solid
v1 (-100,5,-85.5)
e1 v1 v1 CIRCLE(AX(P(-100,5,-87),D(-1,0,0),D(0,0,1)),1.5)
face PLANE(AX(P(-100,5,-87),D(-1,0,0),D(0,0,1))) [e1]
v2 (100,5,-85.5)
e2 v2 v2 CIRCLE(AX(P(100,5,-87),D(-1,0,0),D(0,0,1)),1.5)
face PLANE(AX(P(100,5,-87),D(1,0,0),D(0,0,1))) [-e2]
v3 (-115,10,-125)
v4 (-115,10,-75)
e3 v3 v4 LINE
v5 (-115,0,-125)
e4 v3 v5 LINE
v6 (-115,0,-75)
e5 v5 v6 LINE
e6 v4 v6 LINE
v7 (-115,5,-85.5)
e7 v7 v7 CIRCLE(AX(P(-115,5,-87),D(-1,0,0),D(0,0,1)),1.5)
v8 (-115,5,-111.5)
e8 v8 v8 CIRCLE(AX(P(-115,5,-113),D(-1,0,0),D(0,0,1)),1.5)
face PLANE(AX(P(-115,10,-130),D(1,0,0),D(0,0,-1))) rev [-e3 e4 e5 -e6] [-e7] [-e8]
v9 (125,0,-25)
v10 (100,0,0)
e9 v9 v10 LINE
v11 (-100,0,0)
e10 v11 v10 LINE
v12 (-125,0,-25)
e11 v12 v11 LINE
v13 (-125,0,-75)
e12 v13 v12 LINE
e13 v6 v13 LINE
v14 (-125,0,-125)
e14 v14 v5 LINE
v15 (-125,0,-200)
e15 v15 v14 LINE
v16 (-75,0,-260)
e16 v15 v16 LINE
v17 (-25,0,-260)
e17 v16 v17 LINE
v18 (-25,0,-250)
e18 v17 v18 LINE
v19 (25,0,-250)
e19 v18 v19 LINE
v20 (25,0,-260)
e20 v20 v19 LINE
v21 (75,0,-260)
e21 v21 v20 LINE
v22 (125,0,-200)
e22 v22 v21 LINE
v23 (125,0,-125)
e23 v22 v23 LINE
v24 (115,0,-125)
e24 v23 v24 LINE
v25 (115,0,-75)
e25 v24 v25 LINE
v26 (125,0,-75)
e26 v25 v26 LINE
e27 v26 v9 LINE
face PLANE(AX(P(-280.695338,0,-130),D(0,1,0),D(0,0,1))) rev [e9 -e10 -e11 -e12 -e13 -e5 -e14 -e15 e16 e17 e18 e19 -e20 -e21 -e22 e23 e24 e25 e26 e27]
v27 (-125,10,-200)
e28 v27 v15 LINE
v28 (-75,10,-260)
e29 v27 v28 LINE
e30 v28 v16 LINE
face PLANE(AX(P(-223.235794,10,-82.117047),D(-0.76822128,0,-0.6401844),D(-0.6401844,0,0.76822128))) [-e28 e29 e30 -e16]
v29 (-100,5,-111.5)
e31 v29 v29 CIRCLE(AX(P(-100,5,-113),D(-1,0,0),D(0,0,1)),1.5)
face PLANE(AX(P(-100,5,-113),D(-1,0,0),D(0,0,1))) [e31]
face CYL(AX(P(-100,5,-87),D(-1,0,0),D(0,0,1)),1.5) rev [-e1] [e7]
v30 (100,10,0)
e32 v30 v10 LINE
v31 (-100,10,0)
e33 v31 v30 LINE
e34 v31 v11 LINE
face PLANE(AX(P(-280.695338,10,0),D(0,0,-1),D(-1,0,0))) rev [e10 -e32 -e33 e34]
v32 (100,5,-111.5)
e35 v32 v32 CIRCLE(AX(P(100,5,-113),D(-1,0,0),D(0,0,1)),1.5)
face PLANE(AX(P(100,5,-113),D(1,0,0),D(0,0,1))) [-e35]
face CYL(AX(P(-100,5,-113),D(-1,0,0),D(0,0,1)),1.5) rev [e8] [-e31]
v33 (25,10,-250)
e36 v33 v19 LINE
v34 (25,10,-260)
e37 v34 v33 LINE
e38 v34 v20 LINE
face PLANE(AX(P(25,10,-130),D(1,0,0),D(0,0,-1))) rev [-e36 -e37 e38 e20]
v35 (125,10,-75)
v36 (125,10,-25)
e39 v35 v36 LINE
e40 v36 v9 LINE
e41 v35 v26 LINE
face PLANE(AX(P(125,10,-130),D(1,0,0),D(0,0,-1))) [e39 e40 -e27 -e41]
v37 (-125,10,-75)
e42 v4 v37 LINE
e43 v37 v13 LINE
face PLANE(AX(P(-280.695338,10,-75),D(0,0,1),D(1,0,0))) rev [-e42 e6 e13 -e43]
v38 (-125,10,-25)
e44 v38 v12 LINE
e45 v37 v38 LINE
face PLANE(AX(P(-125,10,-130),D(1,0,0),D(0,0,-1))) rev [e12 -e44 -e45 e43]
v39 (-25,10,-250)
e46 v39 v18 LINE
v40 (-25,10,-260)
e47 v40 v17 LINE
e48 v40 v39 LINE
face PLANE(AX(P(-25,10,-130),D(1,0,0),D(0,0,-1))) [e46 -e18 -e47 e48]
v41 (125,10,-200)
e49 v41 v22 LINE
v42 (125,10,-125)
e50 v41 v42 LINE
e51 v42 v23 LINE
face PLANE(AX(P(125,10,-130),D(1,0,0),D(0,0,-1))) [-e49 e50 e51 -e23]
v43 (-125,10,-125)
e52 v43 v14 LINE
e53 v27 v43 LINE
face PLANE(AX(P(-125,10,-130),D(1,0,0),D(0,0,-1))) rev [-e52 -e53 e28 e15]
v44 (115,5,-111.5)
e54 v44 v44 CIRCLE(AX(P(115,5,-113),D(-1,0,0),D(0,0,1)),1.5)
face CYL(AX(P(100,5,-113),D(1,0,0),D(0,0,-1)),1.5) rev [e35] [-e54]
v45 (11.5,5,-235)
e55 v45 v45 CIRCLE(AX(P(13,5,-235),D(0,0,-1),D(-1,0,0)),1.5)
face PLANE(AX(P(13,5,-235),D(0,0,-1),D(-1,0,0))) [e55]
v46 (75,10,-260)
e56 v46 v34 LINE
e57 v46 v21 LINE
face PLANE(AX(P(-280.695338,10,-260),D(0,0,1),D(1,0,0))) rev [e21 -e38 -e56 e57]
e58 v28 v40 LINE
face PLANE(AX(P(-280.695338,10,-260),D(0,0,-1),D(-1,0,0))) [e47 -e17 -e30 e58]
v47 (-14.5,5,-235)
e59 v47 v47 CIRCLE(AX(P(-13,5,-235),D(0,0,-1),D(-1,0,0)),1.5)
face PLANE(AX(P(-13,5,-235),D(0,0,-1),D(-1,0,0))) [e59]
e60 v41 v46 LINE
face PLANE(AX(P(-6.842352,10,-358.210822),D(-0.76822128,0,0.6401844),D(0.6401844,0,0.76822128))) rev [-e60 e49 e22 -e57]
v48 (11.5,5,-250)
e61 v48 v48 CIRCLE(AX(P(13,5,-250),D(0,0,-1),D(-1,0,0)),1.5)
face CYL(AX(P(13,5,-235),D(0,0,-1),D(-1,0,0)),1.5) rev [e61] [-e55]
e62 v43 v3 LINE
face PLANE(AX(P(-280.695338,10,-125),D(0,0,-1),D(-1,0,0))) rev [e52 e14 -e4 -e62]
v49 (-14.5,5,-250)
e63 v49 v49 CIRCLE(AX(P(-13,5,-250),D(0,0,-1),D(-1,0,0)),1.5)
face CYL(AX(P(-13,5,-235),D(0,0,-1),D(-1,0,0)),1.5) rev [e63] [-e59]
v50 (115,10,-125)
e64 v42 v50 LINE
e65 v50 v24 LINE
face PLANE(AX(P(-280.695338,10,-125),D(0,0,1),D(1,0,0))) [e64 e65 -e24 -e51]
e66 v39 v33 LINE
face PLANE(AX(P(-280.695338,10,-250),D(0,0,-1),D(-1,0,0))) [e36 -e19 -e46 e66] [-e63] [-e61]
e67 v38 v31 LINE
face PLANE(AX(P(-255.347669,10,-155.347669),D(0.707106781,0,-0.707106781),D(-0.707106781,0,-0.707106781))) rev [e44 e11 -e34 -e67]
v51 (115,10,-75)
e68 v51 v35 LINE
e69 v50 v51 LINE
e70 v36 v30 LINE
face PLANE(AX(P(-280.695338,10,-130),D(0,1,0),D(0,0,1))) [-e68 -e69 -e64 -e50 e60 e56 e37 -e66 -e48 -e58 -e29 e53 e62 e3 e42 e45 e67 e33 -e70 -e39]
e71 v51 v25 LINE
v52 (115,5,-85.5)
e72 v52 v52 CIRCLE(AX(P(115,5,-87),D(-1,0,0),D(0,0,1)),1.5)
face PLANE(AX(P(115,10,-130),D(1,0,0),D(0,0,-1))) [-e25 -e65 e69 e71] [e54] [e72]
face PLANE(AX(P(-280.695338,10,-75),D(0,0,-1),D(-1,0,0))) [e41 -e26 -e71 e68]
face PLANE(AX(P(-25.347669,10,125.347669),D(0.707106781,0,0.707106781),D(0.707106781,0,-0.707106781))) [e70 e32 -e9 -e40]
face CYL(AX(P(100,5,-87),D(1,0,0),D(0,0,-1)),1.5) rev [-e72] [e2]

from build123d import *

# Parameters (mm, degrees)
BOSS_EXTRUDE1_DEPTH = 10
SKETCH2_R           = 1.5
CUT_EXTRUDE1_DEPTH  = 15
SKETCH3_R           = 1.5
CUT_EXTRUDE2_DEPTH  = 15


with BuildPart() as part:
    # Sketch1 → Boss-Extrude1 (new body)
    with BuildSketch(Plane(origin=(0, 0, 0), x_dir=(1, 0, 0), z_dir=(0, 1, 0))):
        Polygon((-125, 200), (-125, 125), (-115, 125), (-115, 75), (-125, 75), (-125, 25), (-100, 0), (100, 0), (125, 25), (125, 75), (115, 75), (115, 125), (125, 125), (125, 200), (75, 260), (25, 260), (25, 250), (-25, 250), (-25, 260), (-75, 260), align=None)
    extrude(amount=BOSS_EXTRUDE1_DEPTH)

    # Sketch2 → Cut-Extrude1 (cut)
    with BuildSketch(Plane.ZY.offset(115)):
        with Locations((-113, 5)):
            Circle(SKETCH2_R)
        with Locations((-87, 5)):
            Circle(SKETCH2_R)
    cut_extrude1 = extrude(amount=-CUT_EXTRUDE1_DEPTH, mode=Mode.SUBTRACT)

    # Mirror1: Cut-Extrude1 across plane
    add(cut_extrude1.mirror(Plane(origin=(0, 0, 0), x_dir=(0, 0, 1), z_dir=(1, 0, 0))), mode=Mode.SUBTRACT)

    # Sketch3 → Cut-Extrude2 (cut)
    with BuildSketch(Plane(origin=(0, 0, -250), x_dir=(-1, 0, 0), z_dir=(0, 0, -1))):
        with Locations((-13, 5)):
            Circle(SKETCH3_R)
        with Locations((13, 5)):
            Circle(SKETCH3_R)
    extrude(amount=-CUT_EXTRUDE2_DEPTH, mode=Mode.SUBTRACT)


solid = part.part
